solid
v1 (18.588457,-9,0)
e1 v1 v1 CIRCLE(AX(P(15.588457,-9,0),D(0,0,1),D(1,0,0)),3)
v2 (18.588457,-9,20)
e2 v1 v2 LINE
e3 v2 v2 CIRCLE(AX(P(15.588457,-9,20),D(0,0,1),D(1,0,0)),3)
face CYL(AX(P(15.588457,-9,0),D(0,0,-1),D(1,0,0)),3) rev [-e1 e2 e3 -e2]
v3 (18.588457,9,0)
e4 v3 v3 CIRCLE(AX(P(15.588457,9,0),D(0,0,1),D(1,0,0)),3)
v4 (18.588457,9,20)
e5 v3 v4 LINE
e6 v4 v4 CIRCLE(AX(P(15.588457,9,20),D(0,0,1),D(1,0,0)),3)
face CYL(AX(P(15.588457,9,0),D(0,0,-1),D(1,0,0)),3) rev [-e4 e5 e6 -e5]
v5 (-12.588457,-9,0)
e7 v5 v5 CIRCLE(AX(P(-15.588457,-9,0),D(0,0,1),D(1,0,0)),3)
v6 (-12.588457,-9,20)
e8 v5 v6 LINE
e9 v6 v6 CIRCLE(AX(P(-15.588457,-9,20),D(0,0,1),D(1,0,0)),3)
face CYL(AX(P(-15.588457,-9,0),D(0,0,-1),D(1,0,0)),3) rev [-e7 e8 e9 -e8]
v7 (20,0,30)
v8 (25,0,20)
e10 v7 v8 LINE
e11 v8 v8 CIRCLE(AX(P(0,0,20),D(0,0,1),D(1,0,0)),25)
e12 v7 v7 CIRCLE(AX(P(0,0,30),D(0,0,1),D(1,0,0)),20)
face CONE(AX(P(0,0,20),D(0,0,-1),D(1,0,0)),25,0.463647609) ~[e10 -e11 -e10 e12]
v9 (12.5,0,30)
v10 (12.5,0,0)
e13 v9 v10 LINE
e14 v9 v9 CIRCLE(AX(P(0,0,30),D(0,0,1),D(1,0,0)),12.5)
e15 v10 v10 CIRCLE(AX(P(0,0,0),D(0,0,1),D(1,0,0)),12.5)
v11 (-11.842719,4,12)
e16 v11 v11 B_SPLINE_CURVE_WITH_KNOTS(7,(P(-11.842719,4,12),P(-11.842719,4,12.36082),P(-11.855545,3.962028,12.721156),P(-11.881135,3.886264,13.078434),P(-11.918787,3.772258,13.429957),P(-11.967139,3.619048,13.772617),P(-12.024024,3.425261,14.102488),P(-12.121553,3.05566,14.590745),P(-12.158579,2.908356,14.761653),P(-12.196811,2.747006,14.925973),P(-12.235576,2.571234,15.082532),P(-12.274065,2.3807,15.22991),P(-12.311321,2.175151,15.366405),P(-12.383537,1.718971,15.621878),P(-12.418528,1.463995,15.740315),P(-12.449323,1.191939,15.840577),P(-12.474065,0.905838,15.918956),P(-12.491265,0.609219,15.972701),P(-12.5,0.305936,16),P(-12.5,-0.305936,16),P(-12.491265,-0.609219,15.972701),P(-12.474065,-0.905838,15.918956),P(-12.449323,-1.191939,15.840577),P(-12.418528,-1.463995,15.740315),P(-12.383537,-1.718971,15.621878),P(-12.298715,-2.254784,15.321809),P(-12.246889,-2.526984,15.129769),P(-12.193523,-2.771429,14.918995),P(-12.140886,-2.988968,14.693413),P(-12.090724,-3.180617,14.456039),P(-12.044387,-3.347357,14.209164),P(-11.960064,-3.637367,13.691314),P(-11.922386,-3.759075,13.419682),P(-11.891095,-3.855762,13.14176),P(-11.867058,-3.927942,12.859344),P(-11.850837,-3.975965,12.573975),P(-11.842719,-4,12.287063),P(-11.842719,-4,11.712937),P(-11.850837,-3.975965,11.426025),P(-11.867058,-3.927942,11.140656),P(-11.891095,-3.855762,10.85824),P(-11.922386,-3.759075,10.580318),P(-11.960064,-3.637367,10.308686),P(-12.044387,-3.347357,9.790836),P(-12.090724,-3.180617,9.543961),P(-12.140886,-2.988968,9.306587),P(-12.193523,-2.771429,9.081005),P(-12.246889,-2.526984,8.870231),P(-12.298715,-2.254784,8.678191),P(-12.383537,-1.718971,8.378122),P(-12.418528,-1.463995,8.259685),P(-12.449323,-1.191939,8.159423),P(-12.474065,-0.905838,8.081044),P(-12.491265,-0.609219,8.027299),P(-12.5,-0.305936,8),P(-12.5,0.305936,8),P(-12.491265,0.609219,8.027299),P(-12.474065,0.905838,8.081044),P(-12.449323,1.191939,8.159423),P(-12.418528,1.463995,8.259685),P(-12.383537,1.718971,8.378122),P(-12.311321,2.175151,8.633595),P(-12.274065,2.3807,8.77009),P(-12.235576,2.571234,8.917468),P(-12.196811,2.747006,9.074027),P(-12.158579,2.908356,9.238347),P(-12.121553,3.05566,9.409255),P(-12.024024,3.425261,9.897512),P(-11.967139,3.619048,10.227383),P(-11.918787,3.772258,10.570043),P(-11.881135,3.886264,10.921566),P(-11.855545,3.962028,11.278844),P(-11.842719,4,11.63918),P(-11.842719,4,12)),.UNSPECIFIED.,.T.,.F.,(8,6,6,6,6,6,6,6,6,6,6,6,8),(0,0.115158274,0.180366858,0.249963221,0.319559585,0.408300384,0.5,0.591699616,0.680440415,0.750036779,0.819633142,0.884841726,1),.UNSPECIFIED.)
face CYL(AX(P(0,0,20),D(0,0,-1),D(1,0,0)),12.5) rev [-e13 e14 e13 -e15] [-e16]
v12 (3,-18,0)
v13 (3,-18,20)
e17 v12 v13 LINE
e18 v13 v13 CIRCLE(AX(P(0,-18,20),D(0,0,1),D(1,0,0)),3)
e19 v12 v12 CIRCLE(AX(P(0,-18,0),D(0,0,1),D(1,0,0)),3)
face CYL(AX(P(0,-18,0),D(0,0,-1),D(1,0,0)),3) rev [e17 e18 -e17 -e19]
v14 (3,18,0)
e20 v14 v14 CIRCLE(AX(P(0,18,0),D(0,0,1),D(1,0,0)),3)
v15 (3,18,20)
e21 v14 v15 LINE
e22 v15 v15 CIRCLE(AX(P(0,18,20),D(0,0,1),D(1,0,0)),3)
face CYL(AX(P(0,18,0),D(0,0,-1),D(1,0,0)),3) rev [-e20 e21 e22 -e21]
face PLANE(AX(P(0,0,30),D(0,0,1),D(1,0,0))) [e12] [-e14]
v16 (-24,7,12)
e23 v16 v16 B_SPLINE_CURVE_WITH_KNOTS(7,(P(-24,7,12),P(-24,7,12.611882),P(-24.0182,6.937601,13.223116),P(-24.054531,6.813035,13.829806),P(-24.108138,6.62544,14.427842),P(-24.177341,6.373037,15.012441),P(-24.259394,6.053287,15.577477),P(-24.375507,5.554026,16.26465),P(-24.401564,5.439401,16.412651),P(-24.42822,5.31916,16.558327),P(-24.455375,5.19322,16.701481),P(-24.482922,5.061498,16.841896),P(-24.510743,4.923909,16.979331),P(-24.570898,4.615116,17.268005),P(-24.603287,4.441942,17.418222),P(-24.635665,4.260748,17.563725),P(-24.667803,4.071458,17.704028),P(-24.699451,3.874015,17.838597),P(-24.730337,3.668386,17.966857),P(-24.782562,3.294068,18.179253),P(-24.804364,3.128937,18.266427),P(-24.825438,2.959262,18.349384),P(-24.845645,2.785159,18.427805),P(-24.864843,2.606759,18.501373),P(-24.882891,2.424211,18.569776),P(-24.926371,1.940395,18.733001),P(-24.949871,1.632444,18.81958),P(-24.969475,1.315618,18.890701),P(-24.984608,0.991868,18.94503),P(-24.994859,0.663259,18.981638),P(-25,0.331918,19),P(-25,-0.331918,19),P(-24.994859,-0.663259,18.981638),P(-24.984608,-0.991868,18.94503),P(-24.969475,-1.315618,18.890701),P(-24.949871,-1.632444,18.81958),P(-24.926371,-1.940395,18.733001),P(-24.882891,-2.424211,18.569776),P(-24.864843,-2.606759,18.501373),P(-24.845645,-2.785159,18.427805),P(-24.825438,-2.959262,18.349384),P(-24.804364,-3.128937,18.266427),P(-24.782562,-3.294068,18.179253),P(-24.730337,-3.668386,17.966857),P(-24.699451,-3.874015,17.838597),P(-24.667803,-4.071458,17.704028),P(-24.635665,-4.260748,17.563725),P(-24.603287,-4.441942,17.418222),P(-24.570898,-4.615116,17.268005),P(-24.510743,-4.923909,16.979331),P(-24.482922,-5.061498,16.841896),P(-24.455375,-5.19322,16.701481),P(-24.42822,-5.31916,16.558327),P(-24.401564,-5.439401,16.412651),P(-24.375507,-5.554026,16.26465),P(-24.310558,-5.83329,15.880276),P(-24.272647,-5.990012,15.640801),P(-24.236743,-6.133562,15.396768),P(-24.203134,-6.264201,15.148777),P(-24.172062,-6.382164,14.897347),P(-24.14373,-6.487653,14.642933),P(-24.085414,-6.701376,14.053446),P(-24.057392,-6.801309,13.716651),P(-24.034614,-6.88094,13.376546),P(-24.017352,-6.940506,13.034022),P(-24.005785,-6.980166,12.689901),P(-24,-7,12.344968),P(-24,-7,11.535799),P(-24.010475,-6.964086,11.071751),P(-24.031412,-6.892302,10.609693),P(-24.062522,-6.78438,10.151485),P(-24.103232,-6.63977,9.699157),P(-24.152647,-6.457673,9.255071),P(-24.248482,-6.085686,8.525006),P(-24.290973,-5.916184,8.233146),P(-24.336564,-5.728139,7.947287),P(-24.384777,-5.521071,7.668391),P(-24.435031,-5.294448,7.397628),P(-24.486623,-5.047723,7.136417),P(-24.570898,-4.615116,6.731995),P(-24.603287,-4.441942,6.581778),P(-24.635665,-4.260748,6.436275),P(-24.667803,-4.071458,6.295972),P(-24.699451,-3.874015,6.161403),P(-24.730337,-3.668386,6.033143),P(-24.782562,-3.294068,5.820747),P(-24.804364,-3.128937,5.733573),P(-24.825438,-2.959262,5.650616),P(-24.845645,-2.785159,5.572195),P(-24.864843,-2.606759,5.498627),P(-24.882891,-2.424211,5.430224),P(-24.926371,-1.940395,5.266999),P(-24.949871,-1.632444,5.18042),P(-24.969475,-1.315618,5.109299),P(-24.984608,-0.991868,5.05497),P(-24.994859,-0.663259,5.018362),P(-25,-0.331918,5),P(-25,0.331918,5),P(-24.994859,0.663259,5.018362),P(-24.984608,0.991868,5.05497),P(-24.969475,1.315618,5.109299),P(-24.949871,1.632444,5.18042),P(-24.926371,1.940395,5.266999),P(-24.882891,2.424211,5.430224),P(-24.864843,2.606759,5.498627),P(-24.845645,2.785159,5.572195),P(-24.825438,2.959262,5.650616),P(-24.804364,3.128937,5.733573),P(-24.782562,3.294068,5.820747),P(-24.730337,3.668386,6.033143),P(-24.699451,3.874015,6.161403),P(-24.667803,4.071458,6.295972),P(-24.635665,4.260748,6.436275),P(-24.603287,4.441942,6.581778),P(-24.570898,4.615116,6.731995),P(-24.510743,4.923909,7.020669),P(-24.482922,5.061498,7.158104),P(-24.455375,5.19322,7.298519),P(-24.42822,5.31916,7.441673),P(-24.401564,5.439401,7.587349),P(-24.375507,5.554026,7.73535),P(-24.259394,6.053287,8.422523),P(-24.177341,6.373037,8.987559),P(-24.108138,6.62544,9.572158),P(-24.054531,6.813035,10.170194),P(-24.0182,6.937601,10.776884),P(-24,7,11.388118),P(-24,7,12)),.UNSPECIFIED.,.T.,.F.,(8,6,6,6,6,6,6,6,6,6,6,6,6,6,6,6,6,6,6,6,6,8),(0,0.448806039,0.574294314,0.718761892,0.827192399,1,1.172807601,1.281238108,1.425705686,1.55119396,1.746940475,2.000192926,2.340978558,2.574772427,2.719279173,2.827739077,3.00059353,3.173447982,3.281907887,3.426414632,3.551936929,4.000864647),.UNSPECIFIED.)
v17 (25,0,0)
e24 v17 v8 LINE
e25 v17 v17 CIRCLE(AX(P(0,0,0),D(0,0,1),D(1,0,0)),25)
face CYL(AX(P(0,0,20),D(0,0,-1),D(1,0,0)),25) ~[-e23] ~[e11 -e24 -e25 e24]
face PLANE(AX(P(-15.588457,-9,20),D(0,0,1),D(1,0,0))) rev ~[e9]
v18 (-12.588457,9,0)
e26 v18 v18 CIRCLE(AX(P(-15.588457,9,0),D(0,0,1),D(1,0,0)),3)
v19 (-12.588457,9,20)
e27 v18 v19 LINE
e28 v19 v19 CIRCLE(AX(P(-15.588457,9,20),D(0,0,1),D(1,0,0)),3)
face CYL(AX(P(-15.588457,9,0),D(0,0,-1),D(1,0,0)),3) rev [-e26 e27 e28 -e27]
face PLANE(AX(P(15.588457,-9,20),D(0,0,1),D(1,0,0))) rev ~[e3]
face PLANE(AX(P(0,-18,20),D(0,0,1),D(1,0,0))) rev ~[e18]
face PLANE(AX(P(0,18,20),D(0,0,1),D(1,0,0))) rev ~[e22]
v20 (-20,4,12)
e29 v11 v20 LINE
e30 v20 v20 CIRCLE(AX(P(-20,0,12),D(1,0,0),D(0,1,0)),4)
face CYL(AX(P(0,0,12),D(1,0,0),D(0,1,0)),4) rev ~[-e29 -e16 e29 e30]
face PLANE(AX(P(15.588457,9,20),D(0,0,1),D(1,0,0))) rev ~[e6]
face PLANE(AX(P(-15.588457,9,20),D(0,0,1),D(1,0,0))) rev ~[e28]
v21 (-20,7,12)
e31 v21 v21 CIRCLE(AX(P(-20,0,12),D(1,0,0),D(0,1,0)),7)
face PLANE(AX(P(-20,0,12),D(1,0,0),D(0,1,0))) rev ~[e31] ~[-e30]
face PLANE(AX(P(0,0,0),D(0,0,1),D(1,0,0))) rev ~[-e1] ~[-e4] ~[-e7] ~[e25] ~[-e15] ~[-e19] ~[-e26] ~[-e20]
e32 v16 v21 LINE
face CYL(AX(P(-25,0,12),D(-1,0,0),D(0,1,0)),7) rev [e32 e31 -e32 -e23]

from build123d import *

# Parameters (mm, degrees)
F0_R      = 25
F0_R_2    = 3
F0_R_3    = 12.5
F1_DEPTH  = 20
F2_R      = 25
F2_R_2    = 12.5
F3_DEPTH  = 10
F4_SIZE2  = 10
F4_SIZE   = 5
F5_R      = 4
F6_DEPTH  = 26.0000001
F8_R      = 7
F9_DEPTH  = 5
F10_DEPTH = 20


with BuildPart() as f1:
    # F0 (on Top) → F1 (new body)
    with BuildSketch(Plane.XY):
        Circle(F0_R)
        with Locations((-15.5884572681, -9)):
            Circle(F0_R_2, mode=Mode.SUBTRACT)
        with Locations((0, -18)):
            Circle(F0_R_2, mode=Mode.SUBTRACT)
        with Locations((15.5884572681, -9)):
            Circle(F0_R_2, mode=Mode.SUBTRACT)
        with Locations((-15.5884572681, 9)):
            Circle(F0_R_2, mode=Mode.SUBTRACT)
        Circle(F0_R_3, mode=Mode.SUBTRACT)
        with Locations((15.5884572681, 9)):
            Circle(F0_R_2, mode=Mode.SUBTRACT)
        with Locations((0, 18)):
            Circle(F0_R_2, mode=Mode.SUBTRACT)
        with Locations((0, -18)):
            Circle(F0_R_2)
        with Locations((-15.5884572681, -9)):
            Circle(F0_R_2)
        with Locations((15.5884572681, -9)):
            Circle(F0_R_2)
        with Locations((15.5884572681, 9)):
            Circle(F0_R_2)
        with Locations((0, 18)):
            Circle(F0_R_2)
        with Locations((-15.5884572681, 9)):
            Circle(F0_R_2)
    extrude(amount=F1_DEPTH)

    # F2 (on face) → F3 (join)
    with BuildSketch(Plane.XY.offset(20)):
        Circle(F2_R)
        Circle(F2_R_2, mode=Mode.SUBTRACT)
    extrude(amount=F3_DEPTH)

    # F4
    f4_edges = [f1.edges().sort_by_distance(p)[0] for p in [
        (-25, 0, 30),
    ]]
    f4_side = f1.faces().sort_by_distance((-24.292893, 0, 30))[0]
    chamfer(f4_edges, length=F4_SIZE, length2=F4_SIZE2, reference=f4_side)

    # F5 (on Right) → F6 (cut, up to face)
    with BuildSketch(Plane.YZ):
        with Locations((0, 12)):
            Circle(F5_R)
    extrude(amount=-F6_DEPTH, mode=Mode.SUBTRACT)

    # F8 (on offset) → F9 (cut)
    with BuildSketch(Plane.YZ.offset(-25)):
        with Locations((0, 12)):
            Circle(F8_R)
    extrude(amount=F9_DEPTH, mode=Mode.SUBTRACT)

    # F0 (on Top) → F10 (cut)
    with BuildSketch(Plane.XY):
        with Locations((0, -18)):
            Circle(F0_R_2)
        with Locations((15.5884572681, -9)):
            Circle(F0_R_2)
        with Locations((15.5884572681, 9)):
            Circle(F0_R_2)
        with Locations((0, 18)):
            Circle(F0_R_2)
        with Locations((-15.5884572681, 9)):
            Circle(F0_R_2)
        with Locations((-15.5884572681, -9)):
            Circle(F0_R_2)
    extrude(amount=F10_DEPTH, mode=Mode.SUBTRACT)


solid = f1.part
